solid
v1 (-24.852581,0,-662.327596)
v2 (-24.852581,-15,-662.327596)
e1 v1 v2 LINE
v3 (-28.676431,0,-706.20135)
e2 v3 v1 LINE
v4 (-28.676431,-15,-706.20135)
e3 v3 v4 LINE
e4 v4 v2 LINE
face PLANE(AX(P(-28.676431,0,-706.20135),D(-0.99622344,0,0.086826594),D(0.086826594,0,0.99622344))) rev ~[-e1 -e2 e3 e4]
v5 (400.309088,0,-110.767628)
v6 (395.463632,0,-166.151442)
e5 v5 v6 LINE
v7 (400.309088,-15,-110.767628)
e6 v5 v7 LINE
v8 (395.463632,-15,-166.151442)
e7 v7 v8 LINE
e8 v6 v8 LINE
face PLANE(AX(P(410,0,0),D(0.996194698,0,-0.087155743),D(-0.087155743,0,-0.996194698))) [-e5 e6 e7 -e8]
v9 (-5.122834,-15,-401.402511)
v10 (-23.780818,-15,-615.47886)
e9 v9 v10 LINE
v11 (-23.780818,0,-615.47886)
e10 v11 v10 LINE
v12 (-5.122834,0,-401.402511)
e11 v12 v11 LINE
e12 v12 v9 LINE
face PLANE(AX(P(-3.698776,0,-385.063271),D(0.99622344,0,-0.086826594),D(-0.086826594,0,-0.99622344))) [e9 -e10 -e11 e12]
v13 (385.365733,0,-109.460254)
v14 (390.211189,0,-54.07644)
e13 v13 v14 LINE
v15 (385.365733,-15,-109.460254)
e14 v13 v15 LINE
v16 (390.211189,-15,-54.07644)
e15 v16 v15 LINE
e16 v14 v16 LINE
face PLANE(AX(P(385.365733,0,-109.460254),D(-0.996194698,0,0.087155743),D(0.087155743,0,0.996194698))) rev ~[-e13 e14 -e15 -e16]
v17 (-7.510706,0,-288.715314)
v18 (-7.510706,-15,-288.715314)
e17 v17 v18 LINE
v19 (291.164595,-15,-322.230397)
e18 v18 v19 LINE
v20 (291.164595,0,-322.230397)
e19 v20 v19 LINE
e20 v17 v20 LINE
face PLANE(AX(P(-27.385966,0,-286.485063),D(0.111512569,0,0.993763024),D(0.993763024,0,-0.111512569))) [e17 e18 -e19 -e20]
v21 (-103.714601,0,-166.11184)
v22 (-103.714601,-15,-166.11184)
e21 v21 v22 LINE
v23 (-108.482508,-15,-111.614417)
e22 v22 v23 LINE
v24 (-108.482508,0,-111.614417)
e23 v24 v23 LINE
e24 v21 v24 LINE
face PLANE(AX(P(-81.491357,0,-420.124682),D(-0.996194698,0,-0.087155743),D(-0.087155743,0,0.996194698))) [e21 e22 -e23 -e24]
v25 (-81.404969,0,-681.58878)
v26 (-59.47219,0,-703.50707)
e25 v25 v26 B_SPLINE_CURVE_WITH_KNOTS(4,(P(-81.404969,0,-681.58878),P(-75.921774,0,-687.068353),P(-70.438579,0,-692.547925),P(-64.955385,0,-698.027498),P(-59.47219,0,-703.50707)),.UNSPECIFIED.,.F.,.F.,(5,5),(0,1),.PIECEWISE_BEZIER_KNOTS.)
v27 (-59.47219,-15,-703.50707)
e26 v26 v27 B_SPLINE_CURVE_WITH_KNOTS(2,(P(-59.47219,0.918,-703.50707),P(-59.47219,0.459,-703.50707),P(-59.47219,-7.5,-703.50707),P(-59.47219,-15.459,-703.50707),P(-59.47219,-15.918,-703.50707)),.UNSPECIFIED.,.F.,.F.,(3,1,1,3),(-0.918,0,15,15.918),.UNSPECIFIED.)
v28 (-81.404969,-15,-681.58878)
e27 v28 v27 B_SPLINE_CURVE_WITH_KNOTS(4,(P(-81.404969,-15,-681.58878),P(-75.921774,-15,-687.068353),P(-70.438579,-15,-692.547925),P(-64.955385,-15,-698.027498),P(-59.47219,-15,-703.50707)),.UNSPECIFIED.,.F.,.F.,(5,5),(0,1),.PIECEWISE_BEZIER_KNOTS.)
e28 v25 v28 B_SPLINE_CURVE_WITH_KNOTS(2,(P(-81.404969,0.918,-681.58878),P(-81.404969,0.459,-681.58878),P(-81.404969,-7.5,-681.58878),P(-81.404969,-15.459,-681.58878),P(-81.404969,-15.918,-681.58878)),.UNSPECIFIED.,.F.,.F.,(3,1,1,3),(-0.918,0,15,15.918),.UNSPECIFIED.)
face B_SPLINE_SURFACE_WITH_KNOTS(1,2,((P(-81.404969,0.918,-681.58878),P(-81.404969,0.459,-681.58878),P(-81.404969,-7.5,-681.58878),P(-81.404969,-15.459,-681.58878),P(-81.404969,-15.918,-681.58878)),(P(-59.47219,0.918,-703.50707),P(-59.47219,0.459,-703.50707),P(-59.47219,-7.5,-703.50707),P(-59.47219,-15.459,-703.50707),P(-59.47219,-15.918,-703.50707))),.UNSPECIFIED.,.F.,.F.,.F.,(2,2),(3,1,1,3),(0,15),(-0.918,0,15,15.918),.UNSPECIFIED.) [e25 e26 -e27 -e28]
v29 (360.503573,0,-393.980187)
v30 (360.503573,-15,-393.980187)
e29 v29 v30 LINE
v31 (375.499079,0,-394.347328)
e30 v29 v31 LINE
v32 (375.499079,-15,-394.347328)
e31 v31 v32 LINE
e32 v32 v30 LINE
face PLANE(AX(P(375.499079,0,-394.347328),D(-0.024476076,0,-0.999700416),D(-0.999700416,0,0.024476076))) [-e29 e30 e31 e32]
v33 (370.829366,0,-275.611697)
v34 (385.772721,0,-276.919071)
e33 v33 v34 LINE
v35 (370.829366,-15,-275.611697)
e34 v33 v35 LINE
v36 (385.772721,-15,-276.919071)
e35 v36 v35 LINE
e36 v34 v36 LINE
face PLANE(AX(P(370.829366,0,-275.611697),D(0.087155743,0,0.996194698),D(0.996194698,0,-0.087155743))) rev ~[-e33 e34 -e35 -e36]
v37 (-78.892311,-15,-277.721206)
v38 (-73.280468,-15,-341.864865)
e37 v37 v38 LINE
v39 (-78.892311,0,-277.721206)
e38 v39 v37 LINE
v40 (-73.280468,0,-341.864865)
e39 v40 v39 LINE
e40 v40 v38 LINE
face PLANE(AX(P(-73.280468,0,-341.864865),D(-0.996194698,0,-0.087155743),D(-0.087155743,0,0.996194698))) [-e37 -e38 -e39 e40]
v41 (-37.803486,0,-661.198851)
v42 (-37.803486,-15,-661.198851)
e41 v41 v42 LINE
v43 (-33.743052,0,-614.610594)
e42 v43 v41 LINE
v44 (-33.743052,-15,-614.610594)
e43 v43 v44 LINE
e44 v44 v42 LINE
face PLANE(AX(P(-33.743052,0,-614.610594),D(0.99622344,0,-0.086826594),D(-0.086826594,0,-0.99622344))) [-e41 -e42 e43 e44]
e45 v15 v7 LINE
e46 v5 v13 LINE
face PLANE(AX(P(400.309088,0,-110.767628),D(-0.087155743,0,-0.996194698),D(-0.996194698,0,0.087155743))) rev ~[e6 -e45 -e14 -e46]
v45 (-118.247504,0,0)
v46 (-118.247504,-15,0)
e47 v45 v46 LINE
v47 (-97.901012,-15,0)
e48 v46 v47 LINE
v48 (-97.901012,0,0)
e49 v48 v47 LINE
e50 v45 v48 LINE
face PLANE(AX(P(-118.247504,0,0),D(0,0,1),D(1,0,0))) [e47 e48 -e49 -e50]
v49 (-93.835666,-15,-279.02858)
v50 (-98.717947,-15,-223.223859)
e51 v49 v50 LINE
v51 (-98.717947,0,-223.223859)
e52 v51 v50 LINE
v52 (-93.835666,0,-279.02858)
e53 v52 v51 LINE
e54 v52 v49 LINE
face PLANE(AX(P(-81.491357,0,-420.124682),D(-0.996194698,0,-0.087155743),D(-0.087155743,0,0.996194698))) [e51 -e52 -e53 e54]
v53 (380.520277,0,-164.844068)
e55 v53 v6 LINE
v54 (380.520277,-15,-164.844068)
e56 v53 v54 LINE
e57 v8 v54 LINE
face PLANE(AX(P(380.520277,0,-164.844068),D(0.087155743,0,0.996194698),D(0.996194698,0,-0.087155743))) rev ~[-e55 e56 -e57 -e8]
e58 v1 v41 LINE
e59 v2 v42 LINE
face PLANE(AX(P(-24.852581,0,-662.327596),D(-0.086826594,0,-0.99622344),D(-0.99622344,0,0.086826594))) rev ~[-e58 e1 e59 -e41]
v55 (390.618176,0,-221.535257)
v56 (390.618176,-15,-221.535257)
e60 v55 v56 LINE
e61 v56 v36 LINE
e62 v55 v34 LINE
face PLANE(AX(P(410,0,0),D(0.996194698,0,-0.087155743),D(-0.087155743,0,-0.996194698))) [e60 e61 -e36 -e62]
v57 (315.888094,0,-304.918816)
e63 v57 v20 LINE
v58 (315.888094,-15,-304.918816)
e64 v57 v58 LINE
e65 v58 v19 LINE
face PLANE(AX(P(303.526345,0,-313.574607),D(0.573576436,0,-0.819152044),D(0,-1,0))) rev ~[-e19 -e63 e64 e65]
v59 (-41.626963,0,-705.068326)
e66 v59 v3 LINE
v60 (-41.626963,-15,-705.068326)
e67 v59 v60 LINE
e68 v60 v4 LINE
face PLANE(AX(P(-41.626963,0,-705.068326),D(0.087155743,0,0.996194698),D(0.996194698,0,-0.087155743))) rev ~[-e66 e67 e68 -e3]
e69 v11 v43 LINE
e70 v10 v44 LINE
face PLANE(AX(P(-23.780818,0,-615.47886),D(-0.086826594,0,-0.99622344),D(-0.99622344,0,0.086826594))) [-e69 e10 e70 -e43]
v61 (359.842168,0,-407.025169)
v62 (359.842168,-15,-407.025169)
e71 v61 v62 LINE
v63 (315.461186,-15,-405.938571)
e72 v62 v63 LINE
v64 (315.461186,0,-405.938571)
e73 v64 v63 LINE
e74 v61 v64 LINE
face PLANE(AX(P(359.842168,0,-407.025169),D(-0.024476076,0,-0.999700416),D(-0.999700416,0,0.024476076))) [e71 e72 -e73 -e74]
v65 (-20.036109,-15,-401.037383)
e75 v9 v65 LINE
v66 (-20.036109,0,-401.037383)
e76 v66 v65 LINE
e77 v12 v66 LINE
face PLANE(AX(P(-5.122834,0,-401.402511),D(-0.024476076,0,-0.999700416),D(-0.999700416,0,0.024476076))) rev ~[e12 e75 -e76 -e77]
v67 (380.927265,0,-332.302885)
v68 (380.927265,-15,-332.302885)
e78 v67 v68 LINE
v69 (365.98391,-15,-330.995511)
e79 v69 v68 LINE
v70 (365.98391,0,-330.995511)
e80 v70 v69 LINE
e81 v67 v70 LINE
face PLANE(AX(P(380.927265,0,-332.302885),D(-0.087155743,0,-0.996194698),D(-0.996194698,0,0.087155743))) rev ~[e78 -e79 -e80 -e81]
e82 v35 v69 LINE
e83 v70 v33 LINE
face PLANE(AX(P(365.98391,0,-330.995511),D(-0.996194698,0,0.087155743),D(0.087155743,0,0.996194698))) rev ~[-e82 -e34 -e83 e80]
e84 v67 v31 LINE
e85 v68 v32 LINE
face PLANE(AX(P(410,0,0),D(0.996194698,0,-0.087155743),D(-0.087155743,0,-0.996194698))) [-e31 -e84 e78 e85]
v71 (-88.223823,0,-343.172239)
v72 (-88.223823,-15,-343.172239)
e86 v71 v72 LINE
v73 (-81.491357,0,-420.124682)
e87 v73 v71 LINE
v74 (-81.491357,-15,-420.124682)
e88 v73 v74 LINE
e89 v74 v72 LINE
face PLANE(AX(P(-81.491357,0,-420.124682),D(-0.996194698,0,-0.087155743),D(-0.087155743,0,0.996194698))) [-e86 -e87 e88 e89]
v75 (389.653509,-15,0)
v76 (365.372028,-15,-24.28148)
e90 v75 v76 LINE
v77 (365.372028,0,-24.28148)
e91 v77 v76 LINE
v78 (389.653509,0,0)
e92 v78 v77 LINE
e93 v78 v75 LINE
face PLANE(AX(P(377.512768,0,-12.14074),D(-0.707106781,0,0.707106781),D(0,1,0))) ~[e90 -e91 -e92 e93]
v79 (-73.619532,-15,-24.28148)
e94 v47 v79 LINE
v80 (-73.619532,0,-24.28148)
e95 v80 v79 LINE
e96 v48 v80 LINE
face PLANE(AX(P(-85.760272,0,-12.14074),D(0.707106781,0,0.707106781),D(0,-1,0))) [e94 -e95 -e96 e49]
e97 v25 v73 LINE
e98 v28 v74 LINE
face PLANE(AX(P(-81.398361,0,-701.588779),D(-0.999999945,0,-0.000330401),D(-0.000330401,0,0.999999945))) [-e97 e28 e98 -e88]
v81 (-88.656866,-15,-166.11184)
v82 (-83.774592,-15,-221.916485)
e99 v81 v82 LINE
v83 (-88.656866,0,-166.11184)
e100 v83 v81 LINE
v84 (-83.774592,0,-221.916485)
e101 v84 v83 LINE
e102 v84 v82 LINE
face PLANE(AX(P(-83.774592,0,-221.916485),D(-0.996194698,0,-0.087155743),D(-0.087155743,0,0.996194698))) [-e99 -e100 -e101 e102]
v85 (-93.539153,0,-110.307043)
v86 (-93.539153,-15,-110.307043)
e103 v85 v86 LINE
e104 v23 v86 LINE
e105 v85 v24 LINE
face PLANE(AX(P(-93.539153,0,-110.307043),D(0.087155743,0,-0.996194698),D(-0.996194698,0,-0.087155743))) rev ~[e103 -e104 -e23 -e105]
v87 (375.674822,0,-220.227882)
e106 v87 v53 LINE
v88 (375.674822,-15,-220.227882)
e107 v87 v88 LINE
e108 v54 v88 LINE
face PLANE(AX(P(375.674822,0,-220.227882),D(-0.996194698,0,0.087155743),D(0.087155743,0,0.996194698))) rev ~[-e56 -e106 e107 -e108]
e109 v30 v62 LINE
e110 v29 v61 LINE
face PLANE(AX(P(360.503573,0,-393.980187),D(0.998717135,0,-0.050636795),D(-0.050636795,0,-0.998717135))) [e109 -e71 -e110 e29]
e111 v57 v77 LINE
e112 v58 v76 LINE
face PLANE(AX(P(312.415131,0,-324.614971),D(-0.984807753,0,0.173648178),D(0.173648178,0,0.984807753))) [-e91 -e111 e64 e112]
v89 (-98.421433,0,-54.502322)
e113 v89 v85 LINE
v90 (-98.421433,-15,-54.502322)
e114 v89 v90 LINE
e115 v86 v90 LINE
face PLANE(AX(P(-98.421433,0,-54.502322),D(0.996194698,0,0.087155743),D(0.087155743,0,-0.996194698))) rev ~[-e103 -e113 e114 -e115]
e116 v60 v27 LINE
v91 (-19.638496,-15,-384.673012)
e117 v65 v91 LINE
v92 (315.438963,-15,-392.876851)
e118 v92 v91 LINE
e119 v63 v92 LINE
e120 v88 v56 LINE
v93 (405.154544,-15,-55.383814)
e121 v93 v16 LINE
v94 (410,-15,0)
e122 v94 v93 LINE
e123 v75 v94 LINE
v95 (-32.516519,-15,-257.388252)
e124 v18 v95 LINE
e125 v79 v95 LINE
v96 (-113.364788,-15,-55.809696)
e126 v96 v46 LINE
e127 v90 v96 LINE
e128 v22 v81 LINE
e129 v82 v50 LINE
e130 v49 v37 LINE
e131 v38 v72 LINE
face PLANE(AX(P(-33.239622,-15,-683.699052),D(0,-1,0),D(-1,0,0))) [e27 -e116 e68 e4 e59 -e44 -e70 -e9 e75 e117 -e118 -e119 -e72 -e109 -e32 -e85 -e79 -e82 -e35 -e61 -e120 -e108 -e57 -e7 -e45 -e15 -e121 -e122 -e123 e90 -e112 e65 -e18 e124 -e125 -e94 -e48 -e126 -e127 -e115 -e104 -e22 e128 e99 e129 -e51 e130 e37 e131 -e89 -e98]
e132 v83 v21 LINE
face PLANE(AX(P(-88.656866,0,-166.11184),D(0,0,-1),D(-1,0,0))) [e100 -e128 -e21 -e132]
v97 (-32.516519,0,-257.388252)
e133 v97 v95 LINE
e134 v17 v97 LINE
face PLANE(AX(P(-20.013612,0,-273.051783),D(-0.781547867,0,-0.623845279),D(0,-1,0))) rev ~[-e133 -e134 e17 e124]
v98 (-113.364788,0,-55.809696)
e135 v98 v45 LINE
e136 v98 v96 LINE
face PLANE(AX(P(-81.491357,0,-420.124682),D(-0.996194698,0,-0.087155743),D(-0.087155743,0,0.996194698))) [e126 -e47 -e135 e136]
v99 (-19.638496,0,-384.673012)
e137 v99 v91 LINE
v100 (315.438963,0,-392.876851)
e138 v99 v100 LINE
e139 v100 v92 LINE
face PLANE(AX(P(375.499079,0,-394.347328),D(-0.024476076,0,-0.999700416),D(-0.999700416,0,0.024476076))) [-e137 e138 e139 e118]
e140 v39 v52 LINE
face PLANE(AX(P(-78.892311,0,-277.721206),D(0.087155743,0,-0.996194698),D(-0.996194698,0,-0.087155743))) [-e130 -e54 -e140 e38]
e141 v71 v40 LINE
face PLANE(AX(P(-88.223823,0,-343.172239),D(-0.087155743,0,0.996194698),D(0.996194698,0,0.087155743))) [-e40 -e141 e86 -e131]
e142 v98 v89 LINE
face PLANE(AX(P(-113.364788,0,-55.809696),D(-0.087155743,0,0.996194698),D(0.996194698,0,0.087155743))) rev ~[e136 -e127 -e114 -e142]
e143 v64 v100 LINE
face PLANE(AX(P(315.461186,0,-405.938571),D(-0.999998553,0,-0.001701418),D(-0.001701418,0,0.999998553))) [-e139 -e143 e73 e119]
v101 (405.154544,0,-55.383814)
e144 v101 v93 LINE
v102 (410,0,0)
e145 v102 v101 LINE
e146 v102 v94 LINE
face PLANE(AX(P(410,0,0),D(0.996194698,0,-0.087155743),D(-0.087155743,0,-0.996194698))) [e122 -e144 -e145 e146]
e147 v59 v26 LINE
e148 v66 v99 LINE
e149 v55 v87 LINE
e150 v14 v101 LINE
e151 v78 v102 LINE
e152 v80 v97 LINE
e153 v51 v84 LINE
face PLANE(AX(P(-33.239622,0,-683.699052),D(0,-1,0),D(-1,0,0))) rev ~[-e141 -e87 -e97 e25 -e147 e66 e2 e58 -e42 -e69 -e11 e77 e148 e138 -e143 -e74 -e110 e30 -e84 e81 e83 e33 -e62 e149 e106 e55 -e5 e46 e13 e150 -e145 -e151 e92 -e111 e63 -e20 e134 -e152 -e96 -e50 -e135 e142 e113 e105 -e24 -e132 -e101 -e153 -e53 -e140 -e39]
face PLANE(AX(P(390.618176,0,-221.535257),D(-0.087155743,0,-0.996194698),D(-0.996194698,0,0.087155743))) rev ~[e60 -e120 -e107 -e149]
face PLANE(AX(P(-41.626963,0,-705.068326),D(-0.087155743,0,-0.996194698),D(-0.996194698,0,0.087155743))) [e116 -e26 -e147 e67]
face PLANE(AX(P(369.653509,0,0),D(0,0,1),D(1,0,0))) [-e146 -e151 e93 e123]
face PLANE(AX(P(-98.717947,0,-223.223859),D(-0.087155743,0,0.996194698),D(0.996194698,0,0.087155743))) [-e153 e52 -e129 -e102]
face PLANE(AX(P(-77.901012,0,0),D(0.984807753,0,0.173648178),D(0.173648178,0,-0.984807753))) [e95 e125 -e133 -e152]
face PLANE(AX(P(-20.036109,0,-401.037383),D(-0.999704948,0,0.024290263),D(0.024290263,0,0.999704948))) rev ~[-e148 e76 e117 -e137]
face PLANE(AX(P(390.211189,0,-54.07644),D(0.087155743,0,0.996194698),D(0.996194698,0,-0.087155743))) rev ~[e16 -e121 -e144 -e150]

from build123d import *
from OCP.BRepFilletAPI import BRepFilletAPI_MakeChamfer

# Parameters (mm, degrees)
BOSS_EXTRUDE1_DEPTH = 15
CUT_EXTRUDE2_DEPTH  = 816.748946497
BOSS_EXTRUDE2_DEPTH = 15
BOSS_EXTRUDE3_DEPTH = 15
CHAMFER1_SIZE       = 20
CHAMFER1_SIZE2      = 22.009925117
CHAMFER2_SIZE       = 20
CHAMFER2_SIZE2      = 21.383906801
CHAMFER2_SIZE2_2    = 29.545676359
CHAMFER3_SIZE       = 20
CHAMFER3_SIZE2      = 24.656061036
CUT_EXTRUDE3_DEPTH  = 817.728441489


with BuildPart() as part:
    # Sketch3 → Boss-Extrude1 (new body)
    with BuildSketch(Plane(origin=(0, 0, 0), x_dir=(1, 0, 0), z_dir=(0, 1, 0))):
        Polygon((410, 0), (375.499079338, 394.347327661), (-3.698775856, 385.063270846), (-23.780817684, 615.47886016), (-33.743052085, 614.610594222), (-41.626962847, 705.068325562), (-61.474466641, 703.331893981), (-81.398360603, 701.588779126), (-81.491356741, 420.124681698), (-118.247503657, 0), (-77.901012172, 0), (-27.385966046, 286.485062711), (312.415130717, 324.614971391), (369.653508515, 0), align=None)
    extrude(amount=-BOSS_EXTRUDE1_DEPTH)

    # Sketch4 → Cut-Extrude2 (cut, through all)
    with BuildSketch(Plane(origin=(0, 0, 0), x_dir=(1, 0, 0), z_dir=(0, 1, 0))):
        Polygon((-20.036108533, 401.037382744), (-19.638496356, 384.673012123), (-3.698775856, 385.063270846), (-5.122834429, 401.402510558), align=None)
    extrude(amount=-CUT_EXTRUDE2_DEPTH, mode=Mode.SUBTRACT)

    # Sketch5 → Boss-Extrude2 (add)
    with BuildSketch(Plane(origin=(0, 0, 0), x_dir=(1, 0, 0), z_dir=(0, 1, 0))):
        Polygon((-41.626962847, 705.068325562), (-28.676431065, 706.20135028), (-24.852581449, 662.327596289), (-37.80348617, 661.198850569), align=None)
    extrude(amount=-BOSS_EXTRUDE2_DEPTH)

    # Sketch6 → Boss-Extrude3 (add)
    with BuildSketch(Plane(origin=(0, 0, 0), x_dir=(1, 0, 0), z_dir=(0, 1, 0))):
        Polygon((315.438962688, 392.87685116), (360.503573098, 393.980186523), (359.842168491, 407.025169305), (315.461186161, 405.938571489), align=None)
    extrude(amount=-BOSS_EXTRUDE3_DEPTH)

    # Chamfer1
    chamfer1_edges = [part.edges().sort_by_distance(p)[0] for p in [
        (-81.398360603, -7.5, -701.588779126),
    ]]
    chamfer1_side = [part.faces().sort_by_distance(p)[0] for p in [
        (-81.444858672, -7.5, -560.856730412),
    ]]
    chamfer(chamfer1_edges, length=CHAMFER1_SIZE, length2=CHAMFER1_SIZE2, reference=chamfer1_side[0])

    # Chamfer2: one chamfer whose edges measure the first distance from different faces: ONE call of the kernel's chamfer builder (chamfer() names one face for all edges)
    chamfer2_edges_1 = [part.edges().sort_by_distance(p)[0] for p in [
        (312.415130717, -7.5, -324.614971391),
    ]]
    chamfer2_side_1 = [part.faces().sort_by_distance(p)[0] for p in [
        (341.034319616, -7.5, -162.307485695),
    ]]
    chamfer2_edges_2 = [part.edges().sort_by_distance(p)[0] for p in [
        (-27.385966046, -7.5, -286.485062711),
    ]]
    chamfer2_side_2 = [part.faces().sort_by_distance(p)[0] for p in [
        (142.514582336, -7.5, -305.550017051),
    ]]
    chamfer2 = BRepFilletAPI_MakeChamfer(part.part.solid().wrapped)
    for e in chamfer2_edges_1:
        chamfer2.Add(CHAMFER2_SIZE, CHAMFER2_SIZE2, e.wrapped, chamfer2_side_1[0].wrapped)  # the first distance lies on this face
    for e in chamfer2_edges_2:
        chamfer2.Add(CHAMFER2_SIZE, CHAMFER2_SIZE2_2, e.wrapped, chamfer2_side_2[0].wrapped)  # the first distance lies on this face
    add(Compound.cast(chamfer2.Shape()), mode=Mode.REPLACE)

    # Chamfer3: one chamfer whose edges measure the first distance from different faces: ONE call of the kernel's chamfer builder (chamfer() names one face for all edges)
    chamfer3_edges_1 = [part.edges().sort_by_distance(p)[0] for p in [
        (369.653508515, -7.5, 0),
    ]]
    chamfer3_side_1 = [part.faces().sort_by_distance(p)[0] for p in [
        (389.826754258, -7.5, 0),
    ]]
    chamfer3_edges_2 = [part.edges().sort_by_distance(p)[0] for p in [
        (-77.901012172, -7.5, 0),
    ]]
    chamfer3_side_2 = [part.faces().sort_by_distance(p)[0] for p in [
        (-98.074257914, -7.5, 0),
    ]]
    chamfer3 = BRepFilletAPI_MakeChamfer(part.part.solid().wrapped)
    for e in chamfer3_edges_1:
        chamfer3.Add(CHAMFER3_SIZE, CHAMFER3_SIZE2, e.wrapped, chamfer3_side_1[0].wrapped)  # the first distance lies on this face
    for e in chamfer3_edges_2:
        chamfer3.Add(CHAMFER3_SIZE, CHAMFER3_SIZE2, e.wrapped, chamfer3_side_2[0].wrapped)  # the first distance lies on this face
    add(Compound.cast(chamfer3.Shape()), mode=Mode.REPLACE)

    # Sketch9 → Cut-Extrude3 (cut, through all)
    with BuildSketch(Plane(origin=(0, 0, 0), x_dir=(1, 0, 0), z_dir=(0, 1, 0))):
        Polygon((-73.280468193, 341.864865291), (-78.892311228, 277.721205877), (-93.835666105, 279.028580024), (-88.223823069, 343.172239438), align=None)
        Polygon((-98.717946571, 223.223858938), (-83.774591695, 221.916484791), (-88.656865511, 166.111839714), (-103.714600804, 166.111839714), align=None)
        Polygon((-93.539152627, 110.307042618), (-108.482507504, 111.614416765), (-113.36478797, 55.809695678), (-98.421433094, 54.502321532), align=None)
        Polygon((380.927264722, 332.302884814), (365.983909846, 330.995510667), (370.829365725, 275.611696532), (385.772720602, 276.919070678), align=None)
        Polygon((390.618176481, 221.535256543), (375.674821605, 220.227882396), (380.520277485, 164.84406826), (395.463632361, 166.151442407), align=None)
        Polygon((385.365733364, 109.460254125), (390.211189244, 54.076439989), (405.15454412, 55.383814136), (400.309088241, 110.767628271), align=None)
    extrude(amount=-CUT_EXTRUDE3_DEPTH, mode=Mode.SUBTRACT)


solid = part.part
